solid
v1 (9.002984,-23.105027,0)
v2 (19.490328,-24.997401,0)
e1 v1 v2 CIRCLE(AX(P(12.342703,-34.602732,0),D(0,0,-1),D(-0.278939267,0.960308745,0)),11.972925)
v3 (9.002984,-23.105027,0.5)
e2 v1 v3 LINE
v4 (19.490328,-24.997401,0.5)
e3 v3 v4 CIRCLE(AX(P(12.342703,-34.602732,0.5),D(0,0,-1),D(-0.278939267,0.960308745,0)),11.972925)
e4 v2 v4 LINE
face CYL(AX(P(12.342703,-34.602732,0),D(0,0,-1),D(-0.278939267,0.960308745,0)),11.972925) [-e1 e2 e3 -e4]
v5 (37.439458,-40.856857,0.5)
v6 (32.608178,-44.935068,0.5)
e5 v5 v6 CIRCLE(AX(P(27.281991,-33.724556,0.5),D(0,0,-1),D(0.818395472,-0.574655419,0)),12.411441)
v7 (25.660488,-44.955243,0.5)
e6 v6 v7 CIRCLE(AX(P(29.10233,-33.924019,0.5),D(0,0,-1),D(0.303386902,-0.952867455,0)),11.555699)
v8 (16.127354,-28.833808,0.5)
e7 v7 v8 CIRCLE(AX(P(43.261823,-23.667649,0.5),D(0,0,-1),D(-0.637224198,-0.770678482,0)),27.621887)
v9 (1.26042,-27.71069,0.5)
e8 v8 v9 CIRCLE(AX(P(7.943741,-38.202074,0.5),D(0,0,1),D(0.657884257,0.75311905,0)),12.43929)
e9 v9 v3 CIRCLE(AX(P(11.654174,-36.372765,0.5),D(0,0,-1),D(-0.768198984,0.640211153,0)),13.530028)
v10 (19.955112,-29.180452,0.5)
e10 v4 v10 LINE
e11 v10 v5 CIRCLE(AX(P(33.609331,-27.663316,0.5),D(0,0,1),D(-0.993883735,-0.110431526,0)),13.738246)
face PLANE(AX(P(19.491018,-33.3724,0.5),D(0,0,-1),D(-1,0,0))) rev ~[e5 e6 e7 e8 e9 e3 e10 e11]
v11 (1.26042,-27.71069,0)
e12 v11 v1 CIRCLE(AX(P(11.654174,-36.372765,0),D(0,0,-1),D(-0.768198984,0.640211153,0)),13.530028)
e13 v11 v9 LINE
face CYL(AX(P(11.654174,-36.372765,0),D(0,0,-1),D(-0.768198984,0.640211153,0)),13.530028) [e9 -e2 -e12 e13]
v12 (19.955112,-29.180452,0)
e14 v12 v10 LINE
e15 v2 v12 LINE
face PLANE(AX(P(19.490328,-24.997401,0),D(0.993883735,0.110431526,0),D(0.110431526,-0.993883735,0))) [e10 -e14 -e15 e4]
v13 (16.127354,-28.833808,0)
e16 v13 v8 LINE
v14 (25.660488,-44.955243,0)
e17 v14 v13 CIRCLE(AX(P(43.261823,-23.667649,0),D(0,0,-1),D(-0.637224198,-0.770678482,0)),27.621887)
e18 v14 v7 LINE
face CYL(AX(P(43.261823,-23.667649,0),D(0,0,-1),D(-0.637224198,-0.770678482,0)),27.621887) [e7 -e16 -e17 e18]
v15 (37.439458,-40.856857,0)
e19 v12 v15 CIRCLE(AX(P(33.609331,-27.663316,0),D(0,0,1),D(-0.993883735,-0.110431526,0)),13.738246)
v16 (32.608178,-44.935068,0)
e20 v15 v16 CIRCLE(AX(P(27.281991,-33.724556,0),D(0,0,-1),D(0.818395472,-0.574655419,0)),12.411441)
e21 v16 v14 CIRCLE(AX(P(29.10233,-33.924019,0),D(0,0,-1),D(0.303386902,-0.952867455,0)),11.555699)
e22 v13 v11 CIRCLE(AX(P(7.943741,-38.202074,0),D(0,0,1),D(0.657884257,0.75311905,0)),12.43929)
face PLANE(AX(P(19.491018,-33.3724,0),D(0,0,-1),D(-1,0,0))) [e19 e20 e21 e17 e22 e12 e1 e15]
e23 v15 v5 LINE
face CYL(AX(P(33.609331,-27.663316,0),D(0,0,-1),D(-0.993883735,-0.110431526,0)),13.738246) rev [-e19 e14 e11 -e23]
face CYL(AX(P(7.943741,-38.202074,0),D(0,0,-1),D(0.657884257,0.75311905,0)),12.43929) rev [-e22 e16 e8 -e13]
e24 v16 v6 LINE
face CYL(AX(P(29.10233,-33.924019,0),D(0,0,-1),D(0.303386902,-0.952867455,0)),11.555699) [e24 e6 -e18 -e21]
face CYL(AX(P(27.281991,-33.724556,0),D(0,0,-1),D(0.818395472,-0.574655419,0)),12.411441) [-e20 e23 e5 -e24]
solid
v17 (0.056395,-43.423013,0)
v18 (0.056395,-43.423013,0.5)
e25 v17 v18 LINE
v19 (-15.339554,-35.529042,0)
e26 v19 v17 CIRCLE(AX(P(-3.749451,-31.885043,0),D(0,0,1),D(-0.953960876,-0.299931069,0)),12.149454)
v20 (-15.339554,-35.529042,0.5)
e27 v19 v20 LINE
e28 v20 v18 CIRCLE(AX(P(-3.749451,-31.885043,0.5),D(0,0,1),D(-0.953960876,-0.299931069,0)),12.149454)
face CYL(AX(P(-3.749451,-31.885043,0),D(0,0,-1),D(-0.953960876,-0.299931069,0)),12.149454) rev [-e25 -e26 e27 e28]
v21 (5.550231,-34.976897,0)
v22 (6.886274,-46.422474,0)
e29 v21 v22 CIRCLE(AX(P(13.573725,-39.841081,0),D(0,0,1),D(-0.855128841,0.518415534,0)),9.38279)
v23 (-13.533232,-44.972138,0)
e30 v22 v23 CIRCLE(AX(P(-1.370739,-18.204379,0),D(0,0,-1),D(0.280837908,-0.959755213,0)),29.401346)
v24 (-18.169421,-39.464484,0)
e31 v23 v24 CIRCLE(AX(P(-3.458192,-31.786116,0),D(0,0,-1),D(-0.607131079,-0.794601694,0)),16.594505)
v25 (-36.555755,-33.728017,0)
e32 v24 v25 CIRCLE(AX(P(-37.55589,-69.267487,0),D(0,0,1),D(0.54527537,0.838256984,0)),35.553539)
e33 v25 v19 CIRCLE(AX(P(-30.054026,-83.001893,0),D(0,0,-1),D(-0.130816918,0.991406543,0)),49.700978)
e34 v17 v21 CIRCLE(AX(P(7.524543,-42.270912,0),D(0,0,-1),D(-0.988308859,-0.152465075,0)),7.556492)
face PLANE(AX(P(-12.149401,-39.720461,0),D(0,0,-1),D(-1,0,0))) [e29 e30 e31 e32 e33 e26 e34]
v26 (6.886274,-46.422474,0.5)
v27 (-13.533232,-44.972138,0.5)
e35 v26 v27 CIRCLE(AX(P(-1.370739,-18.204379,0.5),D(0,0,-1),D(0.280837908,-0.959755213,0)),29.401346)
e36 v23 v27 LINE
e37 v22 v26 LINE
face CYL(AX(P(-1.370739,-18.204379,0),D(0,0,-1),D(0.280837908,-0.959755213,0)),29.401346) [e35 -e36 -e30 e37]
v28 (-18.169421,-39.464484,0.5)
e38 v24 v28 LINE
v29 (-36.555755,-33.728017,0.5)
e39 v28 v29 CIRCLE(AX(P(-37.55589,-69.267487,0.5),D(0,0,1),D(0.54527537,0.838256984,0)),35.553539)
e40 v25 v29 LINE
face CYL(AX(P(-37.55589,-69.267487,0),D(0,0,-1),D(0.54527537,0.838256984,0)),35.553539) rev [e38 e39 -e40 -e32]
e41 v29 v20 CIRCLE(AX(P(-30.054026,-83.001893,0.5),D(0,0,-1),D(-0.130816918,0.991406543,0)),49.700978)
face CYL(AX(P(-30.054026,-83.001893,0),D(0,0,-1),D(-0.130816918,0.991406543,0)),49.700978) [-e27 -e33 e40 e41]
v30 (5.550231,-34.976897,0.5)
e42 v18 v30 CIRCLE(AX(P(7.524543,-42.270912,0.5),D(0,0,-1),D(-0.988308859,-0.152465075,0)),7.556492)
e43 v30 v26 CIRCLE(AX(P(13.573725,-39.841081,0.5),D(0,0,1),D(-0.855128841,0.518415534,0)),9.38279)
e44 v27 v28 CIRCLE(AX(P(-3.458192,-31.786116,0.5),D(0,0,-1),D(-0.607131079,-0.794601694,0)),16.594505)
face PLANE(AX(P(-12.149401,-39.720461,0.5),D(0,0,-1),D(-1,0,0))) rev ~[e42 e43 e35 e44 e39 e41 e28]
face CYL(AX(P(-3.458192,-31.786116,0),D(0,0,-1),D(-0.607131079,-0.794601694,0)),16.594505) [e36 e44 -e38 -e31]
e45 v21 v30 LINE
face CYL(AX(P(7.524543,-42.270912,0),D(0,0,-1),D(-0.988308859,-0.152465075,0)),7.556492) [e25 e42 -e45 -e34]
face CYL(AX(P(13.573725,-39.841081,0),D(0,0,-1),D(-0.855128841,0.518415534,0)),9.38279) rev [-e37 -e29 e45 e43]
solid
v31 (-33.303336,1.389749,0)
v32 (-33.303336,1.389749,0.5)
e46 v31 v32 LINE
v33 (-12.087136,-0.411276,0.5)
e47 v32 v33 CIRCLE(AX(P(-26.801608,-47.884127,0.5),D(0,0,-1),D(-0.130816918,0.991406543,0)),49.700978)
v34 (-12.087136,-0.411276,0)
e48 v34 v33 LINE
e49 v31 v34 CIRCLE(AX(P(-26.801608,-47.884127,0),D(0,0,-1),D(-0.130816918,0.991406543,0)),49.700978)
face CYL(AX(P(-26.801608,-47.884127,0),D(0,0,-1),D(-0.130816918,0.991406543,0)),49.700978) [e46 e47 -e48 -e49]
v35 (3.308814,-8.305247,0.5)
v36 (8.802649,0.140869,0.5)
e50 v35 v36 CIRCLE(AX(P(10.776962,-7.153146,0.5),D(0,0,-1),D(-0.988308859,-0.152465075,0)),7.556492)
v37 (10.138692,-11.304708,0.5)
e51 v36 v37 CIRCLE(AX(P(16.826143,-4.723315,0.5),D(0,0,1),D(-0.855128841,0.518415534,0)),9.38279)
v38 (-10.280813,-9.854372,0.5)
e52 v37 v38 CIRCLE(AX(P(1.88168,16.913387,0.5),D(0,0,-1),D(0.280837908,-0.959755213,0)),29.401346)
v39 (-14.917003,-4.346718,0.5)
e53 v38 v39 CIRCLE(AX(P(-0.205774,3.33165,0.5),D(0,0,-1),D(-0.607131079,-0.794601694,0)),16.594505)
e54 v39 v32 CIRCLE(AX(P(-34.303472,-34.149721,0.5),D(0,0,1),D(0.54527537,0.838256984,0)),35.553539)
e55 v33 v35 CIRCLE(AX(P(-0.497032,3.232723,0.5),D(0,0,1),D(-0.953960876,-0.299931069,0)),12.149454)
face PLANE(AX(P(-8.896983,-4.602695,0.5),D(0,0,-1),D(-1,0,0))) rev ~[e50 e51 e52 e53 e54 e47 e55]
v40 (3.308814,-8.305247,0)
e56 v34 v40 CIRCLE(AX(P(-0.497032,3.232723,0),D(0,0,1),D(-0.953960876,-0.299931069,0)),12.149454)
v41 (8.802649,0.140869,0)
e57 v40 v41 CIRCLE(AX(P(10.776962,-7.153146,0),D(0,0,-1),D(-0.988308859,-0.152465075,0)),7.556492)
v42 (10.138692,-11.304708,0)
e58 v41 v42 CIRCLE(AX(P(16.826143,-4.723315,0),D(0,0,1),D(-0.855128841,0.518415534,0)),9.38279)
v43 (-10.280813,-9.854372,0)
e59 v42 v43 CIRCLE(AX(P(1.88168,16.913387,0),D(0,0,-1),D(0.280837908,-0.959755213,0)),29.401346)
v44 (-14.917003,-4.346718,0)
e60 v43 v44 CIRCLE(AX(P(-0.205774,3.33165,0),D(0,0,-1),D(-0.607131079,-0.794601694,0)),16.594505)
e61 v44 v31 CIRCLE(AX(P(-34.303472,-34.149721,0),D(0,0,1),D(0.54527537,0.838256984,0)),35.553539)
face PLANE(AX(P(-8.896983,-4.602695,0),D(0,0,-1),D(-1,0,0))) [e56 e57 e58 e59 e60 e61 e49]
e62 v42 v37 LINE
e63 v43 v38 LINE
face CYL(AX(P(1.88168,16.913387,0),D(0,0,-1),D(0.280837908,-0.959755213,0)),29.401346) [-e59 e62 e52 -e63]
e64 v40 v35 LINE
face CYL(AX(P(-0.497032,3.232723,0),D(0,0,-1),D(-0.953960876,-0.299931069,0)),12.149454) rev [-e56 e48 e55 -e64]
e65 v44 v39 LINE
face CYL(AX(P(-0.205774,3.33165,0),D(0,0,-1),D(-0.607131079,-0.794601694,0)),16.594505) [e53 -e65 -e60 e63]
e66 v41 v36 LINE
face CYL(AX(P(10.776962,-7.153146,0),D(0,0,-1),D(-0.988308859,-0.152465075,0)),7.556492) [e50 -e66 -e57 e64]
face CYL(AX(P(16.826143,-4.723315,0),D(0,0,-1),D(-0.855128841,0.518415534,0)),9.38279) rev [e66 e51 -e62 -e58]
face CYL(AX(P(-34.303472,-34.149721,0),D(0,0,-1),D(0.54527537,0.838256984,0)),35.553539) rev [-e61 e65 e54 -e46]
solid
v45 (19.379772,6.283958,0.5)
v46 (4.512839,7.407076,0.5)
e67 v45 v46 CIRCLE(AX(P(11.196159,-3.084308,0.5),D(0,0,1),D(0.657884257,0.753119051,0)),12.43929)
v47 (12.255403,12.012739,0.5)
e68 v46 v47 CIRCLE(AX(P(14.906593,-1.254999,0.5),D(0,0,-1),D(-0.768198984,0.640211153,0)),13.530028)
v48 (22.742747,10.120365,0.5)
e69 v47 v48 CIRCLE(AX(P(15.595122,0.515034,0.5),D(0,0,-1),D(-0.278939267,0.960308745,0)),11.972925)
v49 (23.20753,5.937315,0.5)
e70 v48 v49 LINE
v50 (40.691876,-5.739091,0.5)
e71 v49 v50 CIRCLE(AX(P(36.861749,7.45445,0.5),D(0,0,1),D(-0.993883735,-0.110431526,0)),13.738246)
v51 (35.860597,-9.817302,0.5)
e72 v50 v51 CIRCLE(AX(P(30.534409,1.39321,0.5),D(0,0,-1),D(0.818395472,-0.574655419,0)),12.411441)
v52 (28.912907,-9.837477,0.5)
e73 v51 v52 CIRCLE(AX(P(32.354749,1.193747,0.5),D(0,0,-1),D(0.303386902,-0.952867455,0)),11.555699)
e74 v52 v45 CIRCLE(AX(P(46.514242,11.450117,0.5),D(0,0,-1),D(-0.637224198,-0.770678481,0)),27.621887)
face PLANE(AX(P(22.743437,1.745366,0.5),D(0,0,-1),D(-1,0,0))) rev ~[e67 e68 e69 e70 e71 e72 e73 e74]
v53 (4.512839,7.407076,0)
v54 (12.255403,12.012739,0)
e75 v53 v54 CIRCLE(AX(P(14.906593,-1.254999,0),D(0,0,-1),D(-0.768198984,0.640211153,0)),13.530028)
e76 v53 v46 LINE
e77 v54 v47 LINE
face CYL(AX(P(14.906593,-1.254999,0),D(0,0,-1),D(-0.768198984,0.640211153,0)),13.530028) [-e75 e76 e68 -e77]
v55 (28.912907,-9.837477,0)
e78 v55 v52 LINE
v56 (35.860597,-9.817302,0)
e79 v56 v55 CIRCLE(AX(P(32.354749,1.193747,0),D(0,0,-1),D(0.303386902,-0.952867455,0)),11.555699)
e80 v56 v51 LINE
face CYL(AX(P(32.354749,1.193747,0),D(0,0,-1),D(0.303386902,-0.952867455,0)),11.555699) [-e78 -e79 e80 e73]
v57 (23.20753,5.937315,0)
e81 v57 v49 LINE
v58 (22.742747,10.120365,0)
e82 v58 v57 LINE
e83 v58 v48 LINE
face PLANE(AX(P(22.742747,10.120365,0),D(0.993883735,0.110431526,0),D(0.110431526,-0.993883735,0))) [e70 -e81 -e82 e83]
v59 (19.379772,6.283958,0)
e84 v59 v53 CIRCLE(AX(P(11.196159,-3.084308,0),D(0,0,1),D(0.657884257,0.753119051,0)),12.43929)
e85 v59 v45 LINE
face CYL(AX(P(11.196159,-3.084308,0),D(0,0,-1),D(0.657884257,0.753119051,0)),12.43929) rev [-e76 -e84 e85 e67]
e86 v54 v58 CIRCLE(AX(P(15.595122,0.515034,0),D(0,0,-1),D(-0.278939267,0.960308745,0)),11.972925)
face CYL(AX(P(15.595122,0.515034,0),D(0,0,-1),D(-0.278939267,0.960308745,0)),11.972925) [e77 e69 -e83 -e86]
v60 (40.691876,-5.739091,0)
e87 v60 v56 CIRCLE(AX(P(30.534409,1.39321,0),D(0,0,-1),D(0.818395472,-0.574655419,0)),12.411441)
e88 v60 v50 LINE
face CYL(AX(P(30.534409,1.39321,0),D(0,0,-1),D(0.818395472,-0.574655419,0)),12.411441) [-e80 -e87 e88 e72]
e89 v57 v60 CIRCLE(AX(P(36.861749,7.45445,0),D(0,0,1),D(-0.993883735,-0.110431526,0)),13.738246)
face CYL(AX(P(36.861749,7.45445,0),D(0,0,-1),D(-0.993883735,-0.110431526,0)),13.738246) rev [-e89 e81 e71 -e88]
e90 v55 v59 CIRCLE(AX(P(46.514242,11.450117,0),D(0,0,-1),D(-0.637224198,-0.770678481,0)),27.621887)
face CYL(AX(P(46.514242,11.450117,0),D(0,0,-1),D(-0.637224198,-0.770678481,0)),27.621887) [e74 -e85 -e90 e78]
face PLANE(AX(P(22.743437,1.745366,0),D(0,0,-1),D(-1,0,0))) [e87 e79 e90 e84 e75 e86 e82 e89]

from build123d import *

# Parameters (mm, degrees)
EXTRUDE_1_DEPTH   = 0.5
EXTRUDE_1_2_DEPTH = 0.5
EXTRUDE_2_DEPTH   = 0.5
EXTRUDE_2_2_DEPTH = 0.5


with BuildPart() as part:
    # 스케치1 → 보스-돌출1 (new body)
    with BuildSketch(Plane.XY):
        with BuildLine():
            ThreePointArc((8.80264913, 0.140869244), (7.506632055, -5.81118181), (10.138692018, -11.304708216))
            ThreePointArc((10.138692018, -11.304708216), (-0.201362224, -12.414076053), (-10.280813271, -9.85437191))
            ThreePointArc((-10.280813271, -9.85437191), (-12.901179897, -7.354989134), (-14.917002582, -4.346718132))
            ThreePointArc((-14.917002582, -4.346718132), (-23.714318194, -0.209715139), (-33.303336459, 1.389748659))
            ThreePointArc((-33.303336459, 1.389748659), (-22.597655992, 1.638737324), (-12.087135719, -0.411275657))
            ThreePointArc((-12.087135719, -0.411275657), (-6.040259136, -7.578468463), (3.30881362, -8.305247475))
            ThreePointArc((3.30881362, -8.305247475), (4.442592157, -3.032911463), (8.80264913, 0.140869244))
        make_face()
    extrude(amount=EXTRUDE_1_DEPTH)


with BuildPart() as body_2:
    # 스케치1 → Extrude 1 2 (new body)
    with BuildSketch(Plane.XY):
        with BuildLine():
            ThreePointArc((23.207530181, 5.937314506), (29.232017356, -3.970373513), (40.691876207, -5.739091327))
            ThreePointArc((40.691876207, -5.739091327), (38.540272021, -8.090988252), (35.860596622, -9.817302093))
            ThreePointArc((35.860596622, -9.817302093), (32.388303853, -10.361902877), (28.912906874, -9.837476602))
            ThreePointArc((28.912906874, -9.837476602), (22.738240984, -2.609414461), (19.379772094, 6.283957671))
            ThreePointArc((19.379772094, 6.283957671), (12.133212194, 9.319636927), (4.512838786, 7.407076324))
            ThreePointArc((4.512838786, 7.407076324), (7.989536066, 10.373242432), (12.255402618, 12.01273867))
            ThreePointArc((12.255402618, 12.01273867), (17.721222854, 12.297674999), (22.742746753, 10.120365355))
            Line((22.742746753, 10.120365355), (23.207530181, 5.937314506))
        make_face()
    extrude(amount=EXTRUDE_1_2_DEPTH)


with BuildPart() as body_3:
    # 스케치1<3> → 보스-돌출2 (new body)
    with BuildSketch(Plane.XY):
        with BuildLine():
            ThreePointArc((19.95511172, -29.18045151), (25.979598894, -39.088139529), (37.439457746, -40.856857342))
            ThreePointArc((37.439457746, -40.856857342), (35.287853559, -43.208754268), (32.60817816, -44.935068109))
            ThreePointArc((32.60817816, -44.935068109), (29.135885392, -45.479668893), (25.660488413, -44.955242618))
            ThreePointArc((25.660488413, -44.955242618), (19.485822522, -37.727180477), (16.127353633, -28.833808345))
            ThreePointArc((16.127353633, -28.833808345), (8.880793733, -25.798129088), (1.260420325, -27.710689692))
            ThreePointArc((1.260420325, -27.710689692), (4.737117605, -24.744523584), (9.002984157, -23.105027346))
            ThreePointArc((9.002984157, -23.105027346), (14.468804392, -22.820091017), (19.490328292, -24.99740066))
            Line((19.490328292, -24.99740066), (19.95511172, -29.18045151))
        make_face()
    extrude(amount=EXTRUDE_2_DEPTH)


with BuildPart() as body_4:
    # 스케치1<3> → Extrude 2 2 (new body)
    with BuildSketch(Plane.XY):
        with BuildLine():
            ThreePointArc((5.550230669, -34.976896772), (4.254213594, -40.928947826), (6.886273557, -46.422474231))
            ThreePointArc((6.886273557, -46.422474231), (-3.453780685, -47.531842069), (-13.533231733, -44.972137926))
            ThreePointArc((-13.533231733, -44.972137926), (-16.153598359, -42.47275515), (-18.169421044, -39.464484148))
            ThreePointArc((-18.169421044, -39.464484148), (-26.966736655, -35.327481155), (-36.55575492, -33.728017357))
            ThreePointArc((-36.55575492, -33.728017357), (-25.850074453, -33.479028692), (-15.339554181, -35.529041673))
            ThreePointArc((-15.339554181, -35.529041673), (-9.292677597, -42.696234479), (0.056395159, -43.423013491))
            ThreePointArc((0.056395159, -43.423013491), (1.190173695, -38.150677479), (5.550230669, -34.976896772))
        make_face()
    extrude(amount=EXTRUDE_2_2_DEPTH)


solid = Compound([part.part, body_2.part, body_3.part, body_4.part])
